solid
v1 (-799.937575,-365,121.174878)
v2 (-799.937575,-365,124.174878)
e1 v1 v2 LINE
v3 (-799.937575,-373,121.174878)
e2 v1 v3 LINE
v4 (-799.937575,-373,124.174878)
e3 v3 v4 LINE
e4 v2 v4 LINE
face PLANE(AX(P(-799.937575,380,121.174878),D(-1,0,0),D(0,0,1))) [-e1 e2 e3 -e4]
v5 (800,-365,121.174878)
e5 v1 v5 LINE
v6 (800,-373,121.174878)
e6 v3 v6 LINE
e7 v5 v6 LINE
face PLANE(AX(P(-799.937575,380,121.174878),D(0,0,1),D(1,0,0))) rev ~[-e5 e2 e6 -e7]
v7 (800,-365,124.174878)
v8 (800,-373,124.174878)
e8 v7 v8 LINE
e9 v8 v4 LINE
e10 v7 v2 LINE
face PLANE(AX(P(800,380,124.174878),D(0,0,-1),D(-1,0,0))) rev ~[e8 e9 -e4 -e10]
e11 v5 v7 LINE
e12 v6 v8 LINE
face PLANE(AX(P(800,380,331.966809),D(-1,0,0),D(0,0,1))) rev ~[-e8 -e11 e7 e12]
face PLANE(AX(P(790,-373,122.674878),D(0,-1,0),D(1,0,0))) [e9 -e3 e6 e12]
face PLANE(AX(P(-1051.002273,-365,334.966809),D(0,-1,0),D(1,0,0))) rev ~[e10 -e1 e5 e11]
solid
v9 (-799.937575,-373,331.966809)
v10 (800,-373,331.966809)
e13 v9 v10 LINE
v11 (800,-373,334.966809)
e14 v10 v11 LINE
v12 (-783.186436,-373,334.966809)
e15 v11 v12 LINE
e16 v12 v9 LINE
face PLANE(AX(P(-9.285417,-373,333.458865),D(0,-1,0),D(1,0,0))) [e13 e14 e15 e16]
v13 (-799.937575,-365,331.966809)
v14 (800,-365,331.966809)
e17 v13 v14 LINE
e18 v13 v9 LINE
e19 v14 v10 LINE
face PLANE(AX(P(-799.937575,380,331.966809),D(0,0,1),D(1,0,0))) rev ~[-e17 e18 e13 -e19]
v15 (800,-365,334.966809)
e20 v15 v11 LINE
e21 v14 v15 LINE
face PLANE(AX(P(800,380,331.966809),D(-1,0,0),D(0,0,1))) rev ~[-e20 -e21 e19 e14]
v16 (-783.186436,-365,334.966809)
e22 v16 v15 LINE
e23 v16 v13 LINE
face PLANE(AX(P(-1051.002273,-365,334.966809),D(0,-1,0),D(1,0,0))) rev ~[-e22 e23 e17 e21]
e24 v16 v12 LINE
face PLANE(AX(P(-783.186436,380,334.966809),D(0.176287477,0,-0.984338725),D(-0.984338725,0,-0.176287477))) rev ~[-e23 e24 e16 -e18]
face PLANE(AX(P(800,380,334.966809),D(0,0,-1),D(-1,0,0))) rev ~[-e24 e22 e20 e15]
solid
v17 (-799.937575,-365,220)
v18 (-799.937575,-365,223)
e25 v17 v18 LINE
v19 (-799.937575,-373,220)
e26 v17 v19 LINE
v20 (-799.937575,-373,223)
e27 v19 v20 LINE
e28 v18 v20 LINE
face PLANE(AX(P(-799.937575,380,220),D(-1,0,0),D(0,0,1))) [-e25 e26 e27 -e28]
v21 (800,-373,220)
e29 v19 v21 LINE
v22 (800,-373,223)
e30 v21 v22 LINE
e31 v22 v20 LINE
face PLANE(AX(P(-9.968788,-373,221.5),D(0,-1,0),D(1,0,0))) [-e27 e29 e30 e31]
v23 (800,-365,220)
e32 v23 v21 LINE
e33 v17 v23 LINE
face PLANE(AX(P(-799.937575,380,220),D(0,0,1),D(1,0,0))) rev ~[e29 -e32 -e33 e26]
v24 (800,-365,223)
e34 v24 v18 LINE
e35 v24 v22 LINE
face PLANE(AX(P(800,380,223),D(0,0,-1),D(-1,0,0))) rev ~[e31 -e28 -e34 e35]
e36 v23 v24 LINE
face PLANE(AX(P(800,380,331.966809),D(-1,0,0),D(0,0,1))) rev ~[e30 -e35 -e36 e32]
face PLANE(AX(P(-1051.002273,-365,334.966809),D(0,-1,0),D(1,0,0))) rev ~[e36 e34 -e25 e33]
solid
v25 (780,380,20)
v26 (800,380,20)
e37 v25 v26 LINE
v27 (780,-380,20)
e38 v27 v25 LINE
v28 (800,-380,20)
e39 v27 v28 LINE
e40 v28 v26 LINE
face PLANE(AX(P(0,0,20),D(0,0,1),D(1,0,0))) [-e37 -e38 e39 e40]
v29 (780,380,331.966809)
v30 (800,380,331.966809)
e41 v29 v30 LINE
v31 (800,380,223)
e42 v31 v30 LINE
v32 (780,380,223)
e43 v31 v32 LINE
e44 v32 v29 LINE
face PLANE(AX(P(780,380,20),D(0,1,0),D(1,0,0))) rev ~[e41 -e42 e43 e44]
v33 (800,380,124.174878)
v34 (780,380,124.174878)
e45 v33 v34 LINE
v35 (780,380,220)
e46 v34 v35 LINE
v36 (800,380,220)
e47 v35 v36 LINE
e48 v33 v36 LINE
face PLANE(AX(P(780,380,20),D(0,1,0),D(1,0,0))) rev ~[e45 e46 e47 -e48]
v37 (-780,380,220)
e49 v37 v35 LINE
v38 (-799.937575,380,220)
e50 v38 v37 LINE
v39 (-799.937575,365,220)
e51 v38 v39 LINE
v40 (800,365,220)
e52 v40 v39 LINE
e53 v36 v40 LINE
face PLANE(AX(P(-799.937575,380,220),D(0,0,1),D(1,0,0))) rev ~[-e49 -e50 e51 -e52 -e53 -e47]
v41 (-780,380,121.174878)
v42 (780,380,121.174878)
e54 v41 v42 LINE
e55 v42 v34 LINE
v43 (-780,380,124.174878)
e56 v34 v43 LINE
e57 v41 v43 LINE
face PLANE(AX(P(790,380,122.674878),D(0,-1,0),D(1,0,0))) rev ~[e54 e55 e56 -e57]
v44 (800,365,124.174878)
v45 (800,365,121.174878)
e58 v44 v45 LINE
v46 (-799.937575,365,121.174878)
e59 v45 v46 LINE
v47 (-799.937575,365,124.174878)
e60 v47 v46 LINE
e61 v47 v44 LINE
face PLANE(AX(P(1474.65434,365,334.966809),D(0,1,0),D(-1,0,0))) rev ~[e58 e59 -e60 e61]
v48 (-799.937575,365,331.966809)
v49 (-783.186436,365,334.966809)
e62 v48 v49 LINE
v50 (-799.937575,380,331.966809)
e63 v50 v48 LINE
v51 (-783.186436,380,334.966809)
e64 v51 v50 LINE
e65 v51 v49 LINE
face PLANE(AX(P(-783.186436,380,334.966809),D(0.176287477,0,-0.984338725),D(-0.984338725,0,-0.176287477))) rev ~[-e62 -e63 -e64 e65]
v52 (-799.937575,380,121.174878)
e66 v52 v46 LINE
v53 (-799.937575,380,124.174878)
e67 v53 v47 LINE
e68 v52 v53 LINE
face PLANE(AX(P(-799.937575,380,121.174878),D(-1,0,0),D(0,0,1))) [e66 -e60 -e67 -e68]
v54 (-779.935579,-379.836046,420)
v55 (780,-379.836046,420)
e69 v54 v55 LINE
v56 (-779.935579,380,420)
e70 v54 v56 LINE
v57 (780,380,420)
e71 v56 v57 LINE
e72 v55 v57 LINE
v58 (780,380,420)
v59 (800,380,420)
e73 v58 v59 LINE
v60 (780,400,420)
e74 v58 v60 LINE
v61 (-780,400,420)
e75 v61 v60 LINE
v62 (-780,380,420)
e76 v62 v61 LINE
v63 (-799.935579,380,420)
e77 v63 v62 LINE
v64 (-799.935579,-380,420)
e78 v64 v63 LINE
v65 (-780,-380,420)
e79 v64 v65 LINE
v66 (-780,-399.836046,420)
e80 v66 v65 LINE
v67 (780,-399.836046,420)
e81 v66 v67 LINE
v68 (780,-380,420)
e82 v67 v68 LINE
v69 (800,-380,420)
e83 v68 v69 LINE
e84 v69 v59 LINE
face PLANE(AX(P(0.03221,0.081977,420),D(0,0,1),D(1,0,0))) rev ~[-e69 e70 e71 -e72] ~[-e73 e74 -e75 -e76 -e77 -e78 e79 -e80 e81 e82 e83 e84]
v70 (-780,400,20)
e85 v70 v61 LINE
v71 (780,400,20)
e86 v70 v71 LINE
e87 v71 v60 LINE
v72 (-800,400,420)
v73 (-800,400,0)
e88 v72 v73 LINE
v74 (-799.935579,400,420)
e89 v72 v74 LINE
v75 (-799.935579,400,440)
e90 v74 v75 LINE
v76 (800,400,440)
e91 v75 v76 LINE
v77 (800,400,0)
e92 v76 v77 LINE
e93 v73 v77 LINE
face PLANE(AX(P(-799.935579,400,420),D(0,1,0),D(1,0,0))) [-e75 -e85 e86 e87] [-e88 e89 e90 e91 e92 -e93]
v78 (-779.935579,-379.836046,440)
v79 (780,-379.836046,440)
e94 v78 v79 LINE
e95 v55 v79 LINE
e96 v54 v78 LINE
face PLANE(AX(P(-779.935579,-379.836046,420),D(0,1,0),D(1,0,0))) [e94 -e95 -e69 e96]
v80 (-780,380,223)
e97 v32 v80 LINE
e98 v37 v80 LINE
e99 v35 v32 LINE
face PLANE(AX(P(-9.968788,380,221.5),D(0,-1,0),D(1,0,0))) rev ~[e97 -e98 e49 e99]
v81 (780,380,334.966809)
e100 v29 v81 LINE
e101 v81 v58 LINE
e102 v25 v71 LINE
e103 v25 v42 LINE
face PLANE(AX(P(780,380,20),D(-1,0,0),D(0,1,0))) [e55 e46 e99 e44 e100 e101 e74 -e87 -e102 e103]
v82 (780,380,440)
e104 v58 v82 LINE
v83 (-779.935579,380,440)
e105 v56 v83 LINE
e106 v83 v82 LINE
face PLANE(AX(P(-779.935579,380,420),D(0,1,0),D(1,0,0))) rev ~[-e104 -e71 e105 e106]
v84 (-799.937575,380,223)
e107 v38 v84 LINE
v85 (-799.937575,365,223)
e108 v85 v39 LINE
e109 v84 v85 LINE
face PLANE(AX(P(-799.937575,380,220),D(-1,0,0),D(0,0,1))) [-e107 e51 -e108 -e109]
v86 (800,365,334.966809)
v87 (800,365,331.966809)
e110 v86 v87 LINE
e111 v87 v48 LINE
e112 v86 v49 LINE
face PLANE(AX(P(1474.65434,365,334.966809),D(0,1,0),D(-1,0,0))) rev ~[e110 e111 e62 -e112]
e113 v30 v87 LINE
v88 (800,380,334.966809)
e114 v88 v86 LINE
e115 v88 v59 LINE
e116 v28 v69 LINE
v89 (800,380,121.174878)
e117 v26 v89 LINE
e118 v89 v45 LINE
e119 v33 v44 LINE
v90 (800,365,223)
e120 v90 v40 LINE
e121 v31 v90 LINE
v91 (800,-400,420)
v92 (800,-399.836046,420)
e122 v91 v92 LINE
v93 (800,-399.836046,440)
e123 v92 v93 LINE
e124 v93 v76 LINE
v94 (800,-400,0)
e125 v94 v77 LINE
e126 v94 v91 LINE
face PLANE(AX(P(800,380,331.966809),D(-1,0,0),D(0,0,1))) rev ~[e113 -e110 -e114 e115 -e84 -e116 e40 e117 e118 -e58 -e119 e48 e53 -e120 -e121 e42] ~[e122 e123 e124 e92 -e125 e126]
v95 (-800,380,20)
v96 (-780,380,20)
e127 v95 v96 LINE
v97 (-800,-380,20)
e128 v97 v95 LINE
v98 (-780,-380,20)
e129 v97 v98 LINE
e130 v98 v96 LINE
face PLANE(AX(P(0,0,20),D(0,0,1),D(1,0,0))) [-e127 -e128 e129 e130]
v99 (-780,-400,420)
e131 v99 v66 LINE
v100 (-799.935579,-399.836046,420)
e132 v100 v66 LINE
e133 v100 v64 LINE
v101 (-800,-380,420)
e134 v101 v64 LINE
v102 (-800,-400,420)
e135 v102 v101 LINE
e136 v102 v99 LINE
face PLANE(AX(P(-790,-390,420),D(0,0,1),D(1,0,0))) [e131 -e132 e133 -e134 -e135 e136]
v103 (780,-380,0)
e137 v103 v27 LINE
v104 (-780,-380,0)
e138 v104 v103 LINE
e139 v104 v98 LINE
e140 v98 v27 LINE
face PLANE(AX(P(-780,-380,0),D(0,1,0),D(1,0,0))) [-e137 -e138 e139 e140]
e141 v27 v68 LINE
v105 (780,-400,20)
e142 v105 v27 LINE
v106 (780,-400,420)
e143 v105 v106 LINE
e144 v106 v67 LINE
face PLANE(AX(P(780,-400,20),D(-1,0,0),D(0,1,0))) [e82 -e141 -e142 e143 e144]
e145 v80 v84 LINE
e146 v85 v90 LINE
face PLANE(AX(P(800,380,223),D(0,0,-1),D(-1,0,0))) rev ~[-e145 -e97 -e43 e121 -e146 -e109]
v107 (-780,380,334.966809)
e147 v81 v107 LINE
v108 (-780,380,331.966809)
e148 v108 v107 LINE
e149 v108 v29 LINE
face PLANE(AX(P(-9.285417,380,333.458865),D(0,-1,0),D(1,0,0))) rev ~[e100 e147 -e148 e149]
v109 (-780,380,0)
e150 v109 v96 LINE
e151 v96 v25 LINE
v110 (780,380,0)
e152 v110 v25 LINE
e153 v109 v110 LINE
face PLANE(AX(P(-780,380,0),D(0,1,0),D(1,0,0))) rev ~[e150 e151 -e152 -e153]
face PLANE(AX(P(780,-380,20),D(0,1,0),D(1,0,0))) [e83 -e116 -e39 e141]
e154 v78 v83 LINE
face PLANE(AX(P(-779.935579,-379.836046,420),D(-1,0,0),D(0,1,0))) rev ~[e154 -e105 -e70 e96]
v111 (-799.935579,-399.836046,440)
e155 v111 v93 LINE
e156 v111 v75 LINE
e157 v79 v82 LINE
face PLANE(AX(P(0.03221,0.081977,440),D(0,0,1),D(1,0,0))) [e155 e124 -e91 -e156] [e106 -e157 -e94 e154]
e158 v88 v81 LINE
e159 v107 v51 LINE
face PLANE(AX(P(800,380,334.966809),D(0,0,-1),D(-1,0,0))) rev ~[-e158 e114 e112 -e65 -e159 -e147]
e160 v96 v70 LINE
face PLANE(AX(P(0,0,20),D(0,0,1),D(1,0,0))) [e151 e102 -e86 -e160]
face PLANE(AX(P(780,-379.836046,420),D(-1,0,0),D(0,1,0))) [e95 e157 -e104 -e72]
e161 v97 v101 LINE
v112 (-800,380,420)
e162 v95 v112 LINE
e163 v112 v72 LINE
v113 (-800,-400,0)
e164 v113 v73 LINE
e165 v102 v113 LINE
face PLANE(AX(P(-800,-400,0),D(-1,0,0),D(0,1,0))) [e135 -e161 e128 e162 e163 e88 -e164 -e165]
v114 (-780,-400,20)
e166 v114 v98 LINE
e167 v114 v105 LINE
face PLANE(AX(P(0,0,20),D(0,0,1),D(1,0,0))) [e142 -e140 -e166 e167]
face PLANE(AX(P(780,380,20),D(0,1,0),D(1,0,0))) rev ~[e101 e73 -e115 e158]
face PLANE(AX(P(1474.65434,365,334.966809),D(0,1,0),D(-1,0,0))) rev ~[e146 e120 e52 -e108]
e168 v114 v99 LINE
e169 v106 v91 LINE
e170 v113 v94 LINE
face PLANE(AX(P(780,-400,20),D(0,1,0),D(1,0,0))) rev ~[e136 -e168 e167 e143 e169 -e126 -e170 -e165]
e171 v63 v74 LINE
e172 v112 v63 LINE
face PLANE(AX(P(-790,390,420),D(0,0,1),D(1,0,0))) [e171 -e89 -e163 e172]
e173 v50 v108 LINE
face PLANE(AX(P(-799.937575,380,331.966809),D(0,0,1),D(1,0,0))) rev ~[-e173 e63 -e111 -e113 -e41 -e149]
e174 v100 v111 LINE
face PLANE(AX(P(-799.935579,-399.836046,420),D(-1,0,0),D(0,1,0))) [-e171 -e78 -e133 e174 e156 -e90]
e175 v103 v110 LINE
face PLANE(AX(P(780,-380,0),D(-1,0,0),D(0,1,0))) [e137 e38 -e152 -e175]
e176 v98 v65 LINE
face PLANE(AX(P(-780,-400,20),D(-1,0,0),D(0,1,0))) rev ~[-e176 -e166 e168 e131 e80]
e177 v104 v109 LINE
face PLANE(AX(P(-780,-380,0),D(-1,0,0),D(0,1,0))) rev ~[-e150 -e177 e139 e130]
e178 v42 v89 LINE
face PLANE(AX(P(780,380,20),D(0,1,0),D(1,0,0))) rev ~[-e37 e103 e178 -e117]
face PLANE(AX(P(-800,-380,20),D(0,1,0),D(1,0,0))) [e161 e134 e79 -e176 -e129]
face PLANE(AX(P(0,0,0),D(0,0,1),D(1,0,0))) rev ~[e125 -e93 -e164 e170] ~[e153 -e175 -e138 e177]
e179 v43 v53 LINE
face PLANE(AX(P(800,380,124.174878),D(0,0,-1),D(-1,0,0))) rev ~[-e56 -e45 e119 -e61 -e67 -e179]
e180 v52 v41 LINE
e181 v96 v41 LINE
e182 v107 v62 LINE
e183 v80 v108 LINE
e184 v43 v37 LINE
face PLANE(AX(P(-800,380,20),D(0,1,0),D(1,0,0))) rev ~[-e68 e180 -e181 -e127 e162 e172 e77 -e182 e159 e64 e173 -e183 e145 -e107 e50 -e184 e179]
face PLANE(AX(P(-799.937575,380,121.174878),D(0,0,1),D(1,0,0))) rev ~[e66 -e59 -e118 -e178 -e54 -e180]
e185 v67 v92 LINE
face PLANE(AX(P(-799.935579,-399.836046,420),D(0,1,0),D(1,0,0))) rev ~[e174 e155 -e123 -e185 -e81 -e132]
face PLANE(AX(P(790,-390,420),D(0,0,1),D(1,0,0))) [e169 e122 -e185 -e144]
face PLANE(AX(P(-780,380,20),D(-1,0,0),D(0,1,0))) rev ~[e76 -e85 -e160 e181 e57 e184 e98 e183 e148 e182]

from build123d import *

# Parameters (mm, degrees)
F0_W      = 1600
F0_H      = 800
F0_W_2    = 1560
F0_H_2    = 760
F1_DEPTH  = 20
F2_W      = 20
F2_H      = 20
F3_DEPTH  = 400
F4_W      = 1599.9355792999
F4_H      = 799.8360455036
F4_W_2    = 1559.9355792999
F4_H_2    = 759.8360455036
F5_DEPTH  = 20
F6_W      = 20
F6_H      = 3
F6_W_2    = 1579.937575489
F7_DEPTH  = 753
F9_W      = 674.6543404628
F9_H      = 730
F9_W_2    = 1583.1864356995
F9_W_3    = 267.8158369829
F10_DEPTH = 245


with BuildPart() as f1:
    # F0 (on Top) → F1 (new body)
    with BuildSketch(Plane.XY):
        Rectangle(F0_W, F0_H)
        Rectangle(F0_W_2, F0_H_2, mode=Mode.SUBTRACT)
    extrude(amount=F1_DEPTH)

    # F2 (on face) → F3 (join)
    with BuildSketch(Plane.XY.offset(20)):
        with Locations((790, -390)):
            Rectangle(F2_W, F2_H)
        with Locations((790, 390)):
            Rectangle(F2_W, F2_H)
        with Locations((-790, 390)):
            Rectangle(F2_W, F2_H)
        with Locations((-790, -390)):
            Rectangle(F2_W, F2_H)
    extrude(amount=F3_DEPTH)

    # F4 (on face) → F5 (join)
    with BuildSketch(Plane.XY.offset(420)):
        with Locations((0.03221035, 0.0819772482)):
            Rectangle(F4_W, F4_H)
        with Locations((0.03221035, 0.0819772482)):
            Rectangle(F4_W_2, F4_H_2, mode=Mode.SUBTRACT)
    extrude(amount=F5_DEPTH)

    # F6 (on face) → F7 (join)
    with BuildSketch(Plane.XZ.offset(-380)):
        Polygon((-799.937575489, 331.9668085575), (780, 331.9668085575), (780, 334.9668085575), (-783.1864356995, 334.9668085575), align=None)
        with Locations((790, 333.4668085575)):
            Rectangle(F6_W, F6_H)
        with Locations((-9.9687877445, 221.5)):
            Rectangle(F6_W_2, F6_H)
        with Locations((790, 221.5)):
            Rectangle(F6_W, F6_H)
        with Locations((790, 122.6748781684)):
            Rectangle(F6_W, F6_H)
        with Locations((-9.9687877445, 122.6748781684)):
            Rectangle(F6_W_2, F6_H)
    extrude(amount=F7_DEPTH)

    # F9 (on face) → F10 (cut)
    with BuildSketch(Plane.XY.offset(334.9668085575)):
        with Locations((1137.3271702314, 0)):
            Rectangle(F9_W, F9_H)
        with Locations((8.4067821503, 0)):
            Rectangle(F9_W_2, F9_H)
        with Locations((-917.0943541909, 0)):
            Rectangle(F9_W_3, F9_H)
    extrude(amount=-F10_DEPTH, mode=Mode.SUBTRACT)


solid = f1.part
